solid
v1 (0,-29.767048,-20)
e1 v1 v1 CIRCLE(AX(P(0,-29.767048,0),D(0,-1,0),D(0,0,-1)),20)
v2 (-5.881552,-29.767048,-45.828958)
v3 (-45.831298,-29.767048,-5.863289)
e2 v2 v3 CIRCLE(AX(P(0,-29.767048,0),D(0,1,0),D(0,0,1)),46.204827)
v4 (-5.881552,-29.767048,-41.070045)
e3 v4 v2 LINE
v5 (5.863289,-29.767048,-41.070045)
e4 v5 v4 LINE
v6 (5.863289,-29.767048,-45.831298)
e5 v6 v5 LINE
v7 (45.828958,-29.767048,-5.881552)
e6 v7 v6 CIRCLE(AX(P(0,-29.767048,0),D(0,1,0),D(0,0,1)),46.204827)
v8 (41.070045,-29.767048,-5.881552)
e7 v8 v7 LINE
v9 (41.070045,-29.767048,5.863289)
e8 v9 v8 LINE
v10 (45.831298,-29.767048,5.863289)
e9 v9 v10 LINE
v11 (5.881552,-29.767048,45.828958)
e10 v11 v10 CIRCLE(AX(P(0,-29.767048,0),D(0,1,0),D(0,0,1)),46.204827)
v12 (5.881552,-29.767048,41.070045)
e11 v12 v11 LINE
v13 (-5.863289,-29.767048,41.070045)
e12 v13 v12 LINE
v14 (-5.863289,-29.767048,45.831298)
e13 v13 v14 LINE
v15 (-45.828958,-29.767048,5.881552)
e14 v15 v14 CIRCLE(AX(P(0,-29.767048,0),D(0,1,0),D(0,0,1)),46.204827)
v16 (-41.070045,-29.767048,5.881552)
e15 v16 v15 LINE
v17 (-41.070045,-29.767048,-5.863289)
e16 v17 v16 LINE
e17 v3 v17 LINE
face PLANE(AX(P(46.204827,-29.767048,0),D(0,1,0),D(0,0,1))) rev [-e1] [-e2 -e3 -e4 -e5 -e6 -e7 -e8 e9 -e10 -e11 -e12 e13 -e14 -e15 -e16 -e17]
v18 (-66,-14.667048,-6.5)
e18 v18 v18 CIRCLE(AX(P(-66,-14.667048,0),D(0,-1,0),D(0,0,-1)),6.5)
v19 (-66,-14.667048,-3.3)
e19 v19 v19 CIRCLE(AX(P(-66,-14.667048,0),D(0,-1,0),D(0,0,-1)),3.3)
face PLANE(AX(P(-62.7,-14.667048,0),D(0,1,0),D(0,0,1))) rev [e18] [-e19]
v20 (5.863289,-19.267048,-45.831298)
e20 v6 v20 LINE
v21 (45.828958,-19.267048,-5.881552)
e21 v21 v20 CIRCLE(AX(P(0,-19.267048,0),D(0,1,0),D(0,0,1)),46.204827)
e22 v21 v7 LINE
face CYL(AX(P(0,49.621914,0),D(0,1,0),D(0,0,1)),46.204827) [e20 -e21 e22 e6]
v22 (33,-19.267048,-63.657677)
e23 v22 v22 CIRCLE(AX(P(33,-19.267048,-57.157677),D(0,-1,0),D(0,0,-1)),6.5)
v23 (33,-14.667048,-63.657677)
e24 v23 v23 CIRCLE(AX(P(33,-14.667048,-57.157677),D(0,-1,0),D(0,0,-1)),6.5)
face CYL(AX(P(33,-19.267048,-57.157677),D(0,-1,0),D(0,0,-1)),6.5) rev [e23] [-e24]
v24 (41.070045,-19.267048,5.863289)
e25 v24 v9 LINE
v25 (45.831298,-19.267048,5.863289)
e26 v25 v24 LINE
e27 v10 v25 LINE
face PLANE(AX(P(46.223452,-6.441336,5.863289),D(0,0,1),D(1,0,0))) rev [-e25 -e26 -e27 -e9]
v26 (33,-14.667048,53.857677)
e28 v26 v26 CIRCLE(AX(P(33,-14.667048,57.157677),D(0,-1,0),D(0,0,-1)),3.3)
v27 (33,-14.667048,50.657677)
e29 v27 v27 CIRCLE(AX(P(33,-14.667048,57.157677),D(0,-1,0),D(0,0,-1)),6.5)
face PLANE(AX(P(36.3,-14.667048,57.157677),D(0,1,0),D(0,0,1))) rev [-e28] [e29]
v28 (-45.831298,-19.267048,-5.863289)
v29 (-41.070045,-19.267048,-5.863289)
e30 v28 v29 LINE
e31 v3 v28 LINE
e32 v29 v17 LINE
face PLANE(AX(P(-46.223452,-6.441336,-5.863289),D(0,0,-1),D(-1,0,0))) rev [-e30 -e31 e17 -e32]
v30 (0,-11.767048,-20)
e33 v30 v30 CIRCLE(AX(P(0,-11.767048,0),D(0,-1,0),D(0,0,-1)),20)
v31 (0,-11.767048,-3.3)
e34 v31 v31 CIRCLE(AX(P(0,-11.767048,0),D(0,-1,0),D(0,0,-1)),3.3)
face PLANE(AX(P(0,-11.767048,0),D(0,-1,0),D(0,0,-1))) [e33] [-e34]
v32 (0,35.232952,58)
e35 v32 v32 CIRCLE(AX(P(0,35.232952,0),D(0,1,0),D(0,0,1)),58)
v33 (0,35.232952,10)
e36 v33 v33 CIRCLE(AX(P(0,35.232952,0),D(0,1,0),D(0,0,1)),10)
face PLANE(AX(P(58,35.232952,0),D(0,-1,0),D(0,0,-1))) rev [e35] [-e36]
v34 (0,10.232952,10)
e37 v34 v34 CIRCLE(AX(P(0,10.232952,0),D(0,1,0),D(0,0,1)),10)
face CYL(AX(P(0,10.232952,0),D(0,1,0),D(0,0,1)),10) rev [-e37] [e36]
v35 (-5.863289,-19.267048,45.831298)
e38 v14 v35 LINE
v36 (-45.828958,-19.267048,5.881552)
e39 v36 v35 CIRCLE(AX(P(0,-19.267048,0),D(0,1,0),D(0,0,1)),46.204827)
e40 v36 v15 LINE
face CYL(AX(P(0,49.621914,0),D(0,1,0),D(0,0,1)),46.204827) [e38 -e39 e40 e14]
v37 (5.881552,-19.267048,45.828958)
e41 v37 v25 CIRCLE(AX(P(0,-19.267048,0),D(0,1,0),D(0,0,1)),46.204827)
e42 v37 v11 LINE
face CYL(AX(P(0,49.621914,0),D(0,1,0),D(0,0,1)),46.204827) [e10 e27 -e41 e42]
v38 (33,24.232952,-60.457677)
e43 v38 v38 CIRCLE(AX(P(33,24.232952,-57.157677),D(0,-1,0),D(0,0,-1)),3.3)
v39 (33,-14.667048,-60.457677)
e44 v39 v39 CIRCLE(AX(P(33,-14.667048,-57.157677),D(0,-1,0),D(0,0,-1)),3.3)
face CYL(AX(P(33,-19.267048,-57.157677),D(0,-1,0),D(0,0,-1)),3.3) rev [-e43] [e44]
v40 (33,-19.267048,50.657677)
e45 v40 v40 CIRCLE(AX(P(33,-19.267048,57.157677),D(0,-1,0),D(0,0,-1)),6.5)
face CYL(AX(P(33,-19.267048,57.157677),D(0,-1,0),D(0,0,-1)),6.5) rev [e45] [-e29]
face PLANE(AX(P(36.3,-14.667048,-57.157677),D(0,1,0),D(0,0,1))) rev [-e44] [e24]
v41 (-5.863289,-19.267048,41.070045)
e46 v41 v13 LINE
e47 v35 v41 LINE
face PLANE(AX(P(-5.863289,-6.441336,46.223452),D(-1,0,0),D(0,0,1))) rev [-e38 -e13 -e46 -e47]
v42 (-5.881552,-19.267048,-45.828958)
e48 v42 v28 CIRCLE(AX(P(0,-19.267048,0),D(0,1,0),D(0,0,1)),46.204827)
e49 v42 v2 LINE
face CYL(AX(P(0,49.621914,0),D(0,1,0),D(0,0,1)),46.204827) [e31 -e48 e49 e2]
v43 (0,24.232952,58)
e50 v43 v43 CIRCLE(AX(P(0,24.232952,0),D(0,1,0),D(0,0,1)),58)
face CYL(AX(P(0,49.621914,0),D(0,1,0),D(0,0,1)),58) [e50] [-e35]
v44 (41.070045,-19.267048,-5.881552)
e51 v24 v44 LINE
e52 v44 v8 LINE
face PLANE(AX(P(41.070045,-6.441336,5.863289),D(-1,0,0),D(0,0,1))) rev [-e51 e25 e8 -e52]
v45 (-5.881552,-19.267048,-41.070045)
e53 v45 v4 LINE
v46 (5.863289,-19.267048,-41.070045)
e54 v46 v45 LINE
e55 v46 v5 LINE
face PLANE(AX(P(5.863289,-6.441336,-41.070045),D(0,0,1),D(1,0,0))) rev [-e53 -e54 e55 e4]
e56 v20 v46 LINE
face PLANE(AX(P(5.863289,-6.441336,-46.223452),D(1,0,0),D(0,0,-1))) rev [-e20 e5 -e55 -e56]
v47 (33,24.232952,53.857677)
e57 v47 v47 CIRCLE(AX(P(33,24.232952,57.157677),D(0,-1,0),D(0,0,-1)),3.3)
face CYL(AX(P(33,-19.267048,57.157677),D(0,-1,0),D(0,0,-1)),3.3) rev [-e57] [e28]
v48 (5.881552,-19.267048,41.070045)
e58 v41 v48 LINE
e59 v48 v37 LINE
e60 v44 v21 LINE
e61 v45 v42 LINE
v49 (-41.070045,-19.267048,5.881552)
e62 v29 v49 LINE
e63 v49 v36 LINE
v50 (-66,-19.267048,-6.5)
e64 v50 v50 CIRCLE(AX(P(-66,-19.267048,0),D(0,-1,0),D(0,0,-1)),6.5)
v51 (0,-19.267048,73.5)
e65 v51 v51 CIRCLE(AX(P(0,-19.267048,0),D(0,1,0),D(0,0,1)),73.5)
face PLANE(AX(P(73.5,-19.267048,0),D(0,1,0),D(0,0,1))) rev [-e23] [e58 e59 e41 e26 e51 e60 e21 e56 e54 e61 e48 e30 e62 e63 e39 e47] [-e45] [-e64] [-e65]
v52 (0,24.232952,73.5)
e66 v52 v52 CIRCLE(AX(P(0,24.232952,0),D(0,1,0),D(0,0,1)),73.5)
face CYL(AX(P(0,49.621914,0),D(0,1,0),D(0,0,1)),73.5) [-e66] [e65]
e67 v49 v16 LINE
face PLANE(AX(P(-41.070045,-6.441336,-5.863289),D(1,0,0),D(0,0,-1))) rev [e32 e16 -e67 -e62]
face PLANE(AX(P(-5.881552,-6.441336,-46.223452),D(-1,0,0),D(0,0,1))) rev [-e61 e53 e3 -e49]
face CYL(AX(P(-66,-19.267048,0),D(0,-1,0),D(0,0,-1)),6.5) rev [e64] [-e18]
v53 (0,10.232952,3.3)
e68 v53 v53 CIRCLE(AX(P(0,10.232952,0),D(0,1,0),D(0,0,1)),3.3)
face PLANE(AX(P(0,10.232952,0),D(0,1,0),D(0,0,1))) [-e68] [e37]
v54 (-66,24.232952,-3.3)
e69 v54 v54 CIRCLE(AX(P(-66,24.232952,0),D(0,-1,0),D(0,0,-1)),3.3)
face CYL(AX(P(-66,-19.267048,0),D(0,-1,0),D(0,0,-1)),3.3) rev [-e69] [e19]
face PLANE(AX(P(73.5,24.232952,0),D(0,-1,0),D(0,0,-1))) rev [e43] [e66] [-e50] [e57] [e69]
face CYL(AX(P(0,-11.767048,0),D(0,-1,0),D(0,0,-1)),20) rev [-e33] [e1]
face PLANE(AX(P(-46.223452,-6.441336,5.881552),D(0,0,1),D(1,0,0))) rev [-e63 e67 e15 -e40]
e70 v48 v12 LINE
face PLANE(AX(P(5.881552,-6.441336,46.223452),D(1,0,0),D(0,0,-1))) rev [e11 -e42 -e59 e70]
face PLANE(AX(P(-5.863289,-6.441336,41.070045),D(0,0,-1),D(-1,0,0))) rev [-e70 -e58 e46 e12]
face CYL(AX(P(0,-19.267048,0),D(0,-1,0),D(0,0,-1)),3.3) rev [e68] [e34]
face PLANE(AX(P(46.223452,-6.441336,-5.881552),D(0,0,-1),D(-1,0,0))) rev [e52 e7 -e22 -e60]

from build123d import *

# Parameters (mm, degrees)
CROQUIS2_R                                           = 10
CORTAR_EXTRUIR1_DEPTH                                = 25
CROQUIS3_R                                           = 20
CORTAR_EXTRUIR2_DEPTH                                = 18
REFRENTADO_PARA_TORNILLO_CON_CABEZA_TRON_D           = 6.6
REFRENTADO_PARA_TORNILLO_CON_CABEZA_TRON_CBORE_D     = 13
REFRENTADO_PARA_TORNILLO_CON_CABEZA_TRON_CBORE_DEPTH = 4.6
CROQUIS6_W                                           = 11.744841144
CROQUIS6_H                                           = 5.153406269
CROQUIS6_W_2                                         = 5.153406269
CROQUIS6_H_2                                         = 11.744841144
CORTAR_EXTRUIR3_DEPTH                                = 10.5


with BuildPart() as part:
    # Croquis1 → Revolución1 (revolve)
    with BuildSketch(Plane.XY, mode=Mode.PRIVATE) as revoluci_n1_sk:
        Polygon((73.5, -19.267048075), (73.5, 24.232951925), (58, 24.232951925), (58, 35.232951925), (0, 35.232951925), (0, -29.767048075), (46.20482663, -29.767048075), (46.20482663, -19.267048075), align=None)
    revolve(revoluci_n1_sk.sketch.rotate(Axis((0, 49.62191358, 0), (0, -1, 0)), 90), axis=Axis((0, 49.62191358, 0), (0, -1, 0)))

    # Croquis2 → Cortar-Extruir1 (cut)
    with BuildSketch(Plane(origin=(0, 35.232951925, 0), x_dir=(1, 0, 0), z_dir=(0, 1, 0))):
        with Locations(Location((0, 0, 0), (0, 0, 270))):
            Circle(CROQUIS2_R)
    extrude(amount=-CORTAR_EXTRUIR1_DEPTH, mode=Mode.SUBTRACT)

    # Croquis3 → Cortar-Extruir2 (cut)
    with BuildSketch(Plane.XZ.offset(29.767048075)):
        with Locations(Location((0, 0, 0), (0, 0, 270))):
            Circle(CROQUIS3_R)
    extrude(amount=-CORTAR_EXTRUIR2_DEPTH, mode=Mode.SUBTRACT)

    # Refrentado para tornillo con cabeza troncocónica de M61 (through all)
    with Locations(Plane(origin=(0, -19.267048075, 0), x_dir=(-1, 0, 0), z_dir=(0, -1, 0))):
        with Locations((66, 0), (-33, -57.15767665), (-33, 57.15767665), (0, 0)):
            CounterBoreHole(REFRENTADO_PARA_TORNILLO_CON_CABEZA_TRON_D / 2, REFRENTADO_PARA_TORNILLO_CON_CABEZA_TRON_CBORE_D / 2, REFRENTADO_PARA_TORNILLO_CON_CABEZA_TRON_CBORE_DEPTH)

    # Croquis6 → Cortar-Extruir3 (cut)
    with BuildSketch(Plane.XZ.offset(29.767048075)):
        with Locations((-0.00913166, -43.646748421)):
            Rectangle(CROQUIS6_W, CROQUIS6_H)
        with Locations((-43.646748421, 0.00913166)):
            Rectangle(CROQUIS6_W_2, CROQUIS6_H_2)
        with Locations((0.00913166, 43.646748421)):
            Rectangle(CROQUIS6_W, CROQUIS6_H)
        with Locations((43.646748421, -0.00913166)):
            Rectangle(CROQUIS6_W_2, CROQUIS6_H_2)
    extrude(amount=-CORTAR_EXTRUIR3_DEPTH, mode=Mode.SUBTRACT)


solid = part.part
